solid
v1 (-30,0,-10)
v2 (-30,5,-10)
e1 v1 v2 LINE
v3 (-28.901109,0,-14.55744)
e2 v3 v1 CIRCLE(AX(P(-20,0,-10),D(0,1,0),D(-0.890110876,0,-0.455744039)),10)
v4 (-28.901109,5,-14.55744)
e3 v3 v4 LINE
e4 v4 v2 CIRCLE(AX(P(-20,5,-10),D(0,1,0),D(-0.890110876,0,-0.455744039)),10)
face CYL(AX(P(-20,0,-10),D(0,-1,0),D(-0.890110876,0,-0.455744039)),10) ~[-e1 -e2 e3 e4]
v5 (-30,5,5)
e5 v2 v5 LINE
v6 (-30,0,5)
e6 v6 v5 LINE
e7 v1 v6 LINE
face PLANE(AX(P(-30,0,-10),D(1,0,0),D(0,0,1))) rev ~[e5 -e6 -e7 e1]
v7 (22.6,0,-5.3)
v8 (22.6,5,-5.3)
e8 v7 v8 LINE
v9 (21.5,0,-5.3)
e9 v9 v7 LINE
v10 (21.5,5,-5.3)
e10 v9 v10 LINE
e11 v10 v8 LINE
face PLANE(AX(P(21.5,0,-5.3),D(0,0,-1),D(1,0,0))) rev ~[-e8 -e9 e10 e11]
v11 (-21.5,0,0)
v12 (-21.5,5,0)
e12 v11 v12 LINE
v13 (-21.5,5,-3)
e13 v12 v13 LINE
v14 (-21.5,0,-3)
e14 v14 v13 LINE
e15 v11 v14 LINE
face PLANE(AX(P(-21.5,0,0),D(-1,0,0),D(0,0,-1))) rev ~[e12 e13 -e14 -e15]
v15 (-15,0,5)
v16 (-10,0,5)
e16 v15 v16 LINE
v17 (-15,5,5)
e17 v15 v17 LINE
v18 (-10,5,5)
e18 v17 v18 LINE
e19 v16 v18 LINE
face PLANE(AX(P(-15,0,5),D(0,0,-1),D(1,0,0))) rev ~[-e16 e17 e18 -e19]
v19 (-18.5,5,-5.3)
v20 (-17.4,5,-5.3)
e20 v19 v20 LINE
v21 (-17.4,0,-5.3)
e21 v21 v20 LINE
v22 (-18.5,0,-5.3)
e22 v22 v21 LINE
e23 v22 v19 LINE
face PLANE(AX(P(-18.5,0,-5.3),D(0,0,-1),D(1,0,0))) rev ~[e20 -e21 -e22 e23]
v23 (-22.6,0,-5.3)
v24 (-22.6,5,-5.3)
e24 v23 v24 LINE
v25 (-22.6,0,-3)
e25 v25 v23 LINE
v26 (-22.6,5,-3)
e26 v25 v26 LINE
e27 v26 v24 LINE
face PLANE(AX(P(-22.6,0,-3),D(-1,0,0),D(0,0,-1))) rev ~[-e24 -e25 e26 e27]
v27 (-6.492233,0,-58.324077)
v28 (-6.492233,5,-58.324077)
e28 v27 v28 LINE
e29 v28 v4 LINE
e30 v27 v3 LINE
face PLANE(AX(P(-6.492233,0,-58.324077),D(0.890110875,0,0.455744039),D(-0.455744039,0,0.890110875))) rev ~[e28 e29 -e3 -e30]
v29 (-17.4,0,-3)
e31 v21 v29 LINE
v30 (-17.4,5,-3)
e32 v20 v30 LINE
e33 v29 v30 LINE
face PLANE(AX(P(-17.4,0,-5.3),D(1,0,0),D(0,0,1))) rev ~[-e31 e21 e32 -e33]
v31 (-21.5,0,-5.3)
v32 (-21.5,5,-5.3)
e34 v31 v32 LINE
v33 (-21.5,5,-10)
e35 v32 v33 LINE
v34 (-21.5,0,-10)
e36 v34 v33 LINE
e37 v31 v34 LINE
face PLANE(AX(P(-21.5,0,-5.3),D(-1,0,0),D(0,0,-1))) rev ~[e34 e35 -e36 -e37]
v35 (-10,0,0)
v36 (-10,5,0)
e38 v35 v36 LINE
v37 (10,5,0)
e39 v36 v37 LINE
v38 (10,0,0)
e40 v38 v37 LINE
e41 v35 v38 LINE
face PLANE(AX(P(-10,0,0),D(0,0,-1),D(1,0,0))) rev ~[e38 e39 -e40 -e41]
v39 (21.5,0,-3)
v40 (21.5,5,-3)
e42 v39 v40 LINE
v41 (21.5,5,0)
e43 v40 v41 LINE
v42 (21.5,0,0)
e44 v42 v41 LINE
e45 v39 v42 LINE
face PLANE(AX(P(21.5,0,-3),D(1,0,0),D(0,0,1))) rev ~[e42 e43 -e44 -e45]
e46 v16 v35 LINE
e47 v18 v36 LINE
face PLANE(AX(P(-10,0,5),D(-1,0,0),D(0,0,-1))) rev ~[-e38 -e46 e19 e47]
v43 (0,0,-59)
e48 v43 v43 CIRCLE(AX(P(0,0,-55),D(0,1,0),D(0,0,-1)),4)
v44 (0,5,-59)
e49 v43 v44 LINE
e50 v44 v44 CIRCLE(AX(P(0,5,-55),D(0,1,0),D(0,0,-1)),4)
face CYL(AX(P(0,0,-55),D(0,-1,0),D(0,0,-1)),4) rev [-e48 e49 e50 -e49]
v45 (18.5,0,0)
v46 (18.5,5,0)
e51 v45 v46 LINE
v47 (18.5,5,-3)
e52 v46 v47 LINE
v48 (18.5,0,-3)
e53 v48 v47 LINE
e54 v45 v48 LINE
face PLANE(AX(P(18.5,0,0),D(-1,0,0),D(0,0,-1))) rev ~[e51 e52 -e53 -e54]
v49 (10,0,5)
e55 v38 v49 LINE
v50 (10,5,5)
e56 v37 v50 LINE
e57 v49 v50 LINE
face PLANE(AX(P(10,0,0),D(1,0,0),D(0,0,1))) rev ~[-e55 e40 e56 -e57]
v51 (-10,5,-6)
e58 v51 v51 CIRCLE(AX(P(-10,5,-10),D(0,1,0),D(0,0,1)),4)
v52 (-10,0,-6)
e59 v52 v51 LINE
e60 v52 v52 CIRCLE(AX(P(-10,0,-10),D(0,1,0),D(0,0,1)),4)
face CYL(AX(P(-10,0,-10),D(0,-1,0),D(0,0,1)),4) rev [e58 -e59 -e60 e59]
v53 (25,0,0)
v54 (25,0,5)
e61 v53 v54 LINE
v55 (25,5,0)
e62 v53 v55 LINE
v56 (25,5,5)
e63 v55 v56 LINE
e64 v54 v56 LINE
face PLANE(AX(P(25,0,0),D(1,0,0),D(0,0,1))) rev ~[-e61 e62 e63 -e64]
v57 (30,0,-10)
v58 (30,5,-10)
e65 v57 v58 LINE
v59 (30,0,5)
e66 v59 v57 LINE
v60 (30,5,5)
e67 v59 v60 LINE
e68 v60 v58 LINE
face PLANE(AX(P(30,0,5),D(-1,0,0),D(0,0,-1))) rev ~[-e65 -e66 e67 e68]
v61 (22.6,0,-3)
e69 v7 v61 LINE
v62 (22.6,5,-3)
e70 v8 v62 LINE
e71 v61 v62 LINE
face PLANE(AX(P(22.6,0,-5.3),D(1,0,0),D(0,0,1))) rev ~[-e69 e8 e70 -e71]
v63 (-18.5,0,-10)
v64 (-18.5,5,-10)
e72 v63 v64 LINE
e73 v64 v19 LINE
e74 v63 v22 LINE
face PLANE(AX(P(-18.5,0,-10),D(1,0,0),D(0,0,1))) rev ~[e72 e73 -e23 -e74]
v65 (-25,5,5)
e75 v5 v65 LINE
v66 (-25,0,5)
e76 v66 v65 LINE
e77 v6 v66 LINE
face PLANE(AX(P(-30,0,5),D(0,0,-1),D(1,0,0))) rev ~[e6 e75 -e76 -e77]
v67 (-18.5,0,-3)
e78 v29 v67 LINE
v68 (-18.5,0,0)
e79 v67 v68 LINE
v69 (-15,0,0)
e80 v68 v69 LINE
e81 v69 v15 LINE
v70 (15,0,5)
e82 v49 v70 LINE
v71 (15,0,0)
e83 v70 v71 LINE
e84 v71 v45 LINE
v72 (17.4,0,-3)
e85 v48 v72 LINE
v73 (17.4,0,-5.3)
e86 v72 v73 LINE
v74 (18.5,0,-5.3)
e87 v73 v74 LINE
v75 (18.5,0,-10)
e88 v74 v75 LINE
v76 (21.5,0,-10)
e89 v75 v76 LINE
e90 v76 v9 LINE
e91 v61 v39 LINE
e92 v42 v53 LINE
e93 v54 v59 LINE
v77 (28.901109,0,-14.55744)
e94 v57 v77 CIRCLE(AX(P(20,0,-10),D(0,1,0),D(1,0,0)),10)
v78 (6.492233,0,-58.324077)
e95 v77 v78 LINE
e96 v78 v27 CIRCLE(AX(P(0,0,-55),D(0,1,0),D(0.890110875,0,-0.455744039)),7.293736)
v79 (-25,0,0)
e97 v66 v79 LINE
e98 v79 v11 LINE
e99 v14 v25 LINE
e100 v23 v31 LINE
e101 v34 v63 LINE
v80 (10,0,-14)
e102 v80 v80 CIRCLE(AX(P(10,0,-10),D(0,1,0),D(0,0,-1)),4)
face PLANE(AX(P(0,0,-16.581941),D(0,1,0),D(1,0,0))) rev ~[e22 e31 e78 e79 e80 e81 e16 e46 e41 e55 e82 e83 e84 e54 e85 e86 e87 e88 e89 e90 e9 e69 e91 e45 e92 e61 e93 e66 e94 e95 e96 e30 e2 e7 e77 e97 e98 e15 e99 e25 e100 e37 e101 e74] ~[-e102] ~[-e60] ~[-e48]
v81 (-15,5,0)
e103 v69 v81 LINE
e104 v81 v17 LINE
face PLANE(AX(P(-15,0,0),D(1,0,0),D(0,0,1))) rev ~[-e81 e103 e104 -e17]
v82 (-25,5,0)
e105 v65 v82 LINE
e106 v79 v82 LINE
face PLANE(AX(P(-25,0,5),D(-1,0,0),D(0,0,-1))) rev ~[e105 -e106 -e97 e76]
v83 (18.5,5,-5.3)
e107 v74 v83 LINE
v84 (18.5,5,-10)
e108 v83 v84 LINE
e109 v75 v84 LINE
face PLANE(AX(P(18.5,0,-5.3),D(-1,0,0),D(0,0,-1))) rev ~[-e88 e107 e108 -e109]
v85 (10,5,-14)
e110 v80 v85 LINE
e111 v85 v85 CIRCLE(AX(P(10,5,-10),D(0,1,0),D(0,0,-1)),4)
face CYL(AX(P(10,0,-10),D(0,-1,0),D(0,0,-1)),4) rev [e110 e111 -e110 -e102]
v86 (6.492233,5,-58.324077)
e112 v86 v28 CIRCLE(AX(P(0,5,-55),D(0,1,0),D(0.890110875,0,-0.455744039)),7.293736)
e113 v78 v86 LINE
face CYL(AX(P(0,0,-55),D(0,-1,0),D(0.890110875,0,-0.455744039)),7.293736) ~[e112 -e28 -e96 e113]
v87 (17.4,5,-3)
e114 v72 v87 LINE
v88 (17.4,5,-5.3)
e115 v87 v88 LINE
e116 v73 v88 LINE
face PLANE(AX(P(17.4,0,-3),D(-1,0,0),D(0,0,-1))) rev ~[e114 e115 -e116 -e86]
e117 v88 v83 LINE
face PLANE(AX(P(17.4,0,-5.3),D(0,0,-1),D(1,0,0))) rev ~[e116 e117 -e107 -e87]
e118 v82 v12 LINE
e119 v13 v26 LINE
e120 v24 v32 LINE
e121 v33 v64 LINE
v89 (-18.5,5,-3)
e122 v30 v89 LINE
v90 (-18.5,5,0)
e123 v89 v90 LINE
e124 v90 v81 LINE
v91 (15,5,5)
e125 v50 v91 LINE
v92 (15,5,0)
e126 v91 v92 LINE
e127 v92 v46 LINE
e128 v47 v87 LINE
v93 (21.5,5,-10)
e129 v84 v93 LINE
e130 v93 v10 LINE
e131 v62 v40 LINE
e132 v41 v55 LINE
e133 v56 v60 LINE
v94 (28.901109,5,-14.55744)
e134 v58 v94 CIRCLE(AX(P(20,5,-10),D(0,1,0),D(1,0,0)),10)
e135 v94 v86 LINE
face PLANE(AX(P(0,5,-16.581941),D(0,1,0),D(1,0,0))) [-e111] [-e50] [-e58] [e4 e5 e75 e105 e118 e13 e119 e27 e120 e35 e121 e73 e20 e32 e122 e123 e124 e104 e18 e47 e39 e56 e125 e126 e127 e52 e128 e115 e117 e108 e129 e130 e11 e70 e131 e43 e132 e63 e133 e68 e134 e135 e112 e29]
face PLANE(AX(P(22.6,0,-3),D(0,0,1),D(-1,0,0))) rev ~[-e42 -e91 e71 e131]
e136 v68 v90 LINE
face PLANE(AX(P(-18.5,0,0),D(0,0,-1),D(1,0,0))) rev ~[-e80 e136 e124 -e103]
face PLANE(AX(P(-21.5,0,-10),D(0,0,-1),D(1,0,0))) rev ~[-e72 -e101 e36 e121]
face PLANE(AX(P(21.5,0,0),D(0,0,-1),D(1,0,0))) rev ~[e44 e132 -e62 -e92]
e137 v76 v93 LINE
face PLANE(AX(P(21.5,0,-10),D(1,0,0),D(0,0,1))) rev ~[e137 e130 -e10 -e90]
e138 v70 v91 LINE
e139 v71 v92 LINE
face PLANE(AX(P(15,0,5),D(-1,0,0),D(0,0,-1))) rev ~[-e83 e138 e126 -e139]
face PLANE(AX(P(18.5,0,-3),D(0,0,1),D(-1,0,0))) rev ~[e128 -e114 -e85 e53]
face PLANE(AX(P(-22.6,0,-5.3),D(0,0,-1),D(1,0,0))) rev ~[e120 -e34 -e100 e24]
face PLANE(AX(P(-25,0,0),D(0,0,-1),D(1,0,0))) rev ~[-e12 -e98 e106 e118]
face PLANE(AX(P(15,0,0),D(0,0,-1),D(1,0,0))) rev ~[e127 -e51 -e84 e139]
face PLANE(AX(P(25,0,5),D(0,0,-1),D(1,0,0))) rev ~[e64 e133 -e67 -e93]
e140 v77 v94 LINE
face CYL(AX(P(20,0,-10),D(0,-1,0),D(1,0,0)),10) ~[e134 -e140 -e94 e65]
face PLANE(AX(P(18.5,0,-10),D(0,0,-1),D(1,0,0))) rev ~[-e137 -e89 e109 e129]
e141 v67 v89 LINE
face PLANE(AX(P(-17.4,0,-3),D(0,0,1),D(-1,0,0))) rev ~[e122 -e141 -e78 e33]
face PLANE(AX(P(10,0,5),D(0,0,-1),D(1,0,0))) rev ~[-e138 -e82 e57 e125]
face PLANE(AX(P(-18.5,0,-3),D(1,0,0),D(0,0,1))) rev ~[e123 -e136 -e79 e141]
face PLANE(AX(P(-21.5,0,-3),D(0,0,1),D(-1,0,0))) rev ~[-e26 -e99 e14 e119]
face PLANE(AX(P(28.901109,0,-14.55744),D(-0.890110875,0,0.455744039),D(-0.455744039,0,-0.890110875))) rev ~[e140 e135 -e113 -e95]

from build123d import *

# Parameters (mm, degrees)
SKETCH1_R           = 4
BOSS_EXTRUDE1_DEPTH = 5


with BuildPart() as part:
    # Sketch1 → Boss-Extrude1 (new body)
    with BuildSketch(Plane(origin=(0, 0, 0), x_dir=(1, 0, 0), z_dir=(0, 1, 0))):
        with BuildLine():
            Line((-30, 10), (-30, -5))
            Line((-30, -5), (-25, -5))
            Line((-25, -5), (-25, 0))
            Line((-25, 0), (-21.5, 0))
            Line((-21.5, 0), (-21.5, 3))
            Line((-21.5, 3), (-22.6, 3))
            Line((-22.6, 3), (-22.6, 5.3))
            Line((-22.6, 5.3), (-21.5, 5.3))
            Line((-21.5, 5.3), (-21.5, 10))
            Line((-21.5, 10), (-18.5, 10))
            Line((-18.5, 10), (-18.5, 5.3))
            Line((-18.5, 5.3), (-17.4, 5.3))
            Line((-17.4, 5.3), (-17.4, 3))
            Line((-17.4, 3), (-18.5, 3))
            Line((-18.5, 3), (-18.5, 0))
            Line((-18.5, 0), (-15, 0))
            Line((-15, 0), (-15, -5))
            Line((-15, -5), (-10, -5))
            Line((-10, -5), (-10, 0))
            Line((-10, 0), (10, 0))
            Line((10, 0), (10, -5))
            Line((10, -5), (15, -5))
            Line((15, -5), (15, 0))
            Line((15, 0), (18.5, 0))
            Line((18.5, 0), (18.5, 3))
            Line((18.5, 3), (17.4, 3))
            Line((17.4, 3), (17.4, 5.3))
            Line((17.4, 5.3), (18.5, 5.3))
            Line((18.5, 5.3), (18.5, 10))
            Line((18.5, 10), (21.5, 10))
            Line((21.5, 10), (21.5, 5.3))
            Line((21.5, 5.3), (22.6, 5.3))
            Line((22.6, 5.3), (22.6, 3))
            Line((22.6, 3), (21.5, 3))
            Line((21.5, 3), (21.5, 0))
            Line((21.5, 0), (25, 0))
            Line((25, 0), (25, -5))
            Line((25, -5), (30, -5))
            Line((30, -5), (30, 10))
            ThreePointArc((30, 10), (29.721396184, 12.344025646), (28.901108754, 14.557440395))
            Line((28.901108754, 14.557440395), (6.492233497, 58.324076585))
            ThreePointArc((6.492233497, 58.324076585), (0, 62.293735732), (-6.492233497, 58.324076585))
            Line((-6.492233497, 58.324076585), (-28.901108754, 14.557440395))
            ThreePointArc((-28.901108754, 14.557440395), (-29.721396184, 12.344025646), (-30, 10))
        make_face()
        with Locations(Location((0, 55, 0), (0, 0, 90))):
            Circle(SKETCH1_R, mode=Mode.SUBTRACT)
        with Locations(Location((-10, 10, 0), (0, 0, 270))):
            Circle(SKETCH1_R, mode=Mode.SUBTRACT)
        with Locations(Location((10, 10, 0), (0, 0, 90))):
            Circle(SKETCH1_R, mode=Mode.SUBTRACT)
    extrude(amount=BOSS_EXTRUDE1_DEPTH)


solid = part.part
